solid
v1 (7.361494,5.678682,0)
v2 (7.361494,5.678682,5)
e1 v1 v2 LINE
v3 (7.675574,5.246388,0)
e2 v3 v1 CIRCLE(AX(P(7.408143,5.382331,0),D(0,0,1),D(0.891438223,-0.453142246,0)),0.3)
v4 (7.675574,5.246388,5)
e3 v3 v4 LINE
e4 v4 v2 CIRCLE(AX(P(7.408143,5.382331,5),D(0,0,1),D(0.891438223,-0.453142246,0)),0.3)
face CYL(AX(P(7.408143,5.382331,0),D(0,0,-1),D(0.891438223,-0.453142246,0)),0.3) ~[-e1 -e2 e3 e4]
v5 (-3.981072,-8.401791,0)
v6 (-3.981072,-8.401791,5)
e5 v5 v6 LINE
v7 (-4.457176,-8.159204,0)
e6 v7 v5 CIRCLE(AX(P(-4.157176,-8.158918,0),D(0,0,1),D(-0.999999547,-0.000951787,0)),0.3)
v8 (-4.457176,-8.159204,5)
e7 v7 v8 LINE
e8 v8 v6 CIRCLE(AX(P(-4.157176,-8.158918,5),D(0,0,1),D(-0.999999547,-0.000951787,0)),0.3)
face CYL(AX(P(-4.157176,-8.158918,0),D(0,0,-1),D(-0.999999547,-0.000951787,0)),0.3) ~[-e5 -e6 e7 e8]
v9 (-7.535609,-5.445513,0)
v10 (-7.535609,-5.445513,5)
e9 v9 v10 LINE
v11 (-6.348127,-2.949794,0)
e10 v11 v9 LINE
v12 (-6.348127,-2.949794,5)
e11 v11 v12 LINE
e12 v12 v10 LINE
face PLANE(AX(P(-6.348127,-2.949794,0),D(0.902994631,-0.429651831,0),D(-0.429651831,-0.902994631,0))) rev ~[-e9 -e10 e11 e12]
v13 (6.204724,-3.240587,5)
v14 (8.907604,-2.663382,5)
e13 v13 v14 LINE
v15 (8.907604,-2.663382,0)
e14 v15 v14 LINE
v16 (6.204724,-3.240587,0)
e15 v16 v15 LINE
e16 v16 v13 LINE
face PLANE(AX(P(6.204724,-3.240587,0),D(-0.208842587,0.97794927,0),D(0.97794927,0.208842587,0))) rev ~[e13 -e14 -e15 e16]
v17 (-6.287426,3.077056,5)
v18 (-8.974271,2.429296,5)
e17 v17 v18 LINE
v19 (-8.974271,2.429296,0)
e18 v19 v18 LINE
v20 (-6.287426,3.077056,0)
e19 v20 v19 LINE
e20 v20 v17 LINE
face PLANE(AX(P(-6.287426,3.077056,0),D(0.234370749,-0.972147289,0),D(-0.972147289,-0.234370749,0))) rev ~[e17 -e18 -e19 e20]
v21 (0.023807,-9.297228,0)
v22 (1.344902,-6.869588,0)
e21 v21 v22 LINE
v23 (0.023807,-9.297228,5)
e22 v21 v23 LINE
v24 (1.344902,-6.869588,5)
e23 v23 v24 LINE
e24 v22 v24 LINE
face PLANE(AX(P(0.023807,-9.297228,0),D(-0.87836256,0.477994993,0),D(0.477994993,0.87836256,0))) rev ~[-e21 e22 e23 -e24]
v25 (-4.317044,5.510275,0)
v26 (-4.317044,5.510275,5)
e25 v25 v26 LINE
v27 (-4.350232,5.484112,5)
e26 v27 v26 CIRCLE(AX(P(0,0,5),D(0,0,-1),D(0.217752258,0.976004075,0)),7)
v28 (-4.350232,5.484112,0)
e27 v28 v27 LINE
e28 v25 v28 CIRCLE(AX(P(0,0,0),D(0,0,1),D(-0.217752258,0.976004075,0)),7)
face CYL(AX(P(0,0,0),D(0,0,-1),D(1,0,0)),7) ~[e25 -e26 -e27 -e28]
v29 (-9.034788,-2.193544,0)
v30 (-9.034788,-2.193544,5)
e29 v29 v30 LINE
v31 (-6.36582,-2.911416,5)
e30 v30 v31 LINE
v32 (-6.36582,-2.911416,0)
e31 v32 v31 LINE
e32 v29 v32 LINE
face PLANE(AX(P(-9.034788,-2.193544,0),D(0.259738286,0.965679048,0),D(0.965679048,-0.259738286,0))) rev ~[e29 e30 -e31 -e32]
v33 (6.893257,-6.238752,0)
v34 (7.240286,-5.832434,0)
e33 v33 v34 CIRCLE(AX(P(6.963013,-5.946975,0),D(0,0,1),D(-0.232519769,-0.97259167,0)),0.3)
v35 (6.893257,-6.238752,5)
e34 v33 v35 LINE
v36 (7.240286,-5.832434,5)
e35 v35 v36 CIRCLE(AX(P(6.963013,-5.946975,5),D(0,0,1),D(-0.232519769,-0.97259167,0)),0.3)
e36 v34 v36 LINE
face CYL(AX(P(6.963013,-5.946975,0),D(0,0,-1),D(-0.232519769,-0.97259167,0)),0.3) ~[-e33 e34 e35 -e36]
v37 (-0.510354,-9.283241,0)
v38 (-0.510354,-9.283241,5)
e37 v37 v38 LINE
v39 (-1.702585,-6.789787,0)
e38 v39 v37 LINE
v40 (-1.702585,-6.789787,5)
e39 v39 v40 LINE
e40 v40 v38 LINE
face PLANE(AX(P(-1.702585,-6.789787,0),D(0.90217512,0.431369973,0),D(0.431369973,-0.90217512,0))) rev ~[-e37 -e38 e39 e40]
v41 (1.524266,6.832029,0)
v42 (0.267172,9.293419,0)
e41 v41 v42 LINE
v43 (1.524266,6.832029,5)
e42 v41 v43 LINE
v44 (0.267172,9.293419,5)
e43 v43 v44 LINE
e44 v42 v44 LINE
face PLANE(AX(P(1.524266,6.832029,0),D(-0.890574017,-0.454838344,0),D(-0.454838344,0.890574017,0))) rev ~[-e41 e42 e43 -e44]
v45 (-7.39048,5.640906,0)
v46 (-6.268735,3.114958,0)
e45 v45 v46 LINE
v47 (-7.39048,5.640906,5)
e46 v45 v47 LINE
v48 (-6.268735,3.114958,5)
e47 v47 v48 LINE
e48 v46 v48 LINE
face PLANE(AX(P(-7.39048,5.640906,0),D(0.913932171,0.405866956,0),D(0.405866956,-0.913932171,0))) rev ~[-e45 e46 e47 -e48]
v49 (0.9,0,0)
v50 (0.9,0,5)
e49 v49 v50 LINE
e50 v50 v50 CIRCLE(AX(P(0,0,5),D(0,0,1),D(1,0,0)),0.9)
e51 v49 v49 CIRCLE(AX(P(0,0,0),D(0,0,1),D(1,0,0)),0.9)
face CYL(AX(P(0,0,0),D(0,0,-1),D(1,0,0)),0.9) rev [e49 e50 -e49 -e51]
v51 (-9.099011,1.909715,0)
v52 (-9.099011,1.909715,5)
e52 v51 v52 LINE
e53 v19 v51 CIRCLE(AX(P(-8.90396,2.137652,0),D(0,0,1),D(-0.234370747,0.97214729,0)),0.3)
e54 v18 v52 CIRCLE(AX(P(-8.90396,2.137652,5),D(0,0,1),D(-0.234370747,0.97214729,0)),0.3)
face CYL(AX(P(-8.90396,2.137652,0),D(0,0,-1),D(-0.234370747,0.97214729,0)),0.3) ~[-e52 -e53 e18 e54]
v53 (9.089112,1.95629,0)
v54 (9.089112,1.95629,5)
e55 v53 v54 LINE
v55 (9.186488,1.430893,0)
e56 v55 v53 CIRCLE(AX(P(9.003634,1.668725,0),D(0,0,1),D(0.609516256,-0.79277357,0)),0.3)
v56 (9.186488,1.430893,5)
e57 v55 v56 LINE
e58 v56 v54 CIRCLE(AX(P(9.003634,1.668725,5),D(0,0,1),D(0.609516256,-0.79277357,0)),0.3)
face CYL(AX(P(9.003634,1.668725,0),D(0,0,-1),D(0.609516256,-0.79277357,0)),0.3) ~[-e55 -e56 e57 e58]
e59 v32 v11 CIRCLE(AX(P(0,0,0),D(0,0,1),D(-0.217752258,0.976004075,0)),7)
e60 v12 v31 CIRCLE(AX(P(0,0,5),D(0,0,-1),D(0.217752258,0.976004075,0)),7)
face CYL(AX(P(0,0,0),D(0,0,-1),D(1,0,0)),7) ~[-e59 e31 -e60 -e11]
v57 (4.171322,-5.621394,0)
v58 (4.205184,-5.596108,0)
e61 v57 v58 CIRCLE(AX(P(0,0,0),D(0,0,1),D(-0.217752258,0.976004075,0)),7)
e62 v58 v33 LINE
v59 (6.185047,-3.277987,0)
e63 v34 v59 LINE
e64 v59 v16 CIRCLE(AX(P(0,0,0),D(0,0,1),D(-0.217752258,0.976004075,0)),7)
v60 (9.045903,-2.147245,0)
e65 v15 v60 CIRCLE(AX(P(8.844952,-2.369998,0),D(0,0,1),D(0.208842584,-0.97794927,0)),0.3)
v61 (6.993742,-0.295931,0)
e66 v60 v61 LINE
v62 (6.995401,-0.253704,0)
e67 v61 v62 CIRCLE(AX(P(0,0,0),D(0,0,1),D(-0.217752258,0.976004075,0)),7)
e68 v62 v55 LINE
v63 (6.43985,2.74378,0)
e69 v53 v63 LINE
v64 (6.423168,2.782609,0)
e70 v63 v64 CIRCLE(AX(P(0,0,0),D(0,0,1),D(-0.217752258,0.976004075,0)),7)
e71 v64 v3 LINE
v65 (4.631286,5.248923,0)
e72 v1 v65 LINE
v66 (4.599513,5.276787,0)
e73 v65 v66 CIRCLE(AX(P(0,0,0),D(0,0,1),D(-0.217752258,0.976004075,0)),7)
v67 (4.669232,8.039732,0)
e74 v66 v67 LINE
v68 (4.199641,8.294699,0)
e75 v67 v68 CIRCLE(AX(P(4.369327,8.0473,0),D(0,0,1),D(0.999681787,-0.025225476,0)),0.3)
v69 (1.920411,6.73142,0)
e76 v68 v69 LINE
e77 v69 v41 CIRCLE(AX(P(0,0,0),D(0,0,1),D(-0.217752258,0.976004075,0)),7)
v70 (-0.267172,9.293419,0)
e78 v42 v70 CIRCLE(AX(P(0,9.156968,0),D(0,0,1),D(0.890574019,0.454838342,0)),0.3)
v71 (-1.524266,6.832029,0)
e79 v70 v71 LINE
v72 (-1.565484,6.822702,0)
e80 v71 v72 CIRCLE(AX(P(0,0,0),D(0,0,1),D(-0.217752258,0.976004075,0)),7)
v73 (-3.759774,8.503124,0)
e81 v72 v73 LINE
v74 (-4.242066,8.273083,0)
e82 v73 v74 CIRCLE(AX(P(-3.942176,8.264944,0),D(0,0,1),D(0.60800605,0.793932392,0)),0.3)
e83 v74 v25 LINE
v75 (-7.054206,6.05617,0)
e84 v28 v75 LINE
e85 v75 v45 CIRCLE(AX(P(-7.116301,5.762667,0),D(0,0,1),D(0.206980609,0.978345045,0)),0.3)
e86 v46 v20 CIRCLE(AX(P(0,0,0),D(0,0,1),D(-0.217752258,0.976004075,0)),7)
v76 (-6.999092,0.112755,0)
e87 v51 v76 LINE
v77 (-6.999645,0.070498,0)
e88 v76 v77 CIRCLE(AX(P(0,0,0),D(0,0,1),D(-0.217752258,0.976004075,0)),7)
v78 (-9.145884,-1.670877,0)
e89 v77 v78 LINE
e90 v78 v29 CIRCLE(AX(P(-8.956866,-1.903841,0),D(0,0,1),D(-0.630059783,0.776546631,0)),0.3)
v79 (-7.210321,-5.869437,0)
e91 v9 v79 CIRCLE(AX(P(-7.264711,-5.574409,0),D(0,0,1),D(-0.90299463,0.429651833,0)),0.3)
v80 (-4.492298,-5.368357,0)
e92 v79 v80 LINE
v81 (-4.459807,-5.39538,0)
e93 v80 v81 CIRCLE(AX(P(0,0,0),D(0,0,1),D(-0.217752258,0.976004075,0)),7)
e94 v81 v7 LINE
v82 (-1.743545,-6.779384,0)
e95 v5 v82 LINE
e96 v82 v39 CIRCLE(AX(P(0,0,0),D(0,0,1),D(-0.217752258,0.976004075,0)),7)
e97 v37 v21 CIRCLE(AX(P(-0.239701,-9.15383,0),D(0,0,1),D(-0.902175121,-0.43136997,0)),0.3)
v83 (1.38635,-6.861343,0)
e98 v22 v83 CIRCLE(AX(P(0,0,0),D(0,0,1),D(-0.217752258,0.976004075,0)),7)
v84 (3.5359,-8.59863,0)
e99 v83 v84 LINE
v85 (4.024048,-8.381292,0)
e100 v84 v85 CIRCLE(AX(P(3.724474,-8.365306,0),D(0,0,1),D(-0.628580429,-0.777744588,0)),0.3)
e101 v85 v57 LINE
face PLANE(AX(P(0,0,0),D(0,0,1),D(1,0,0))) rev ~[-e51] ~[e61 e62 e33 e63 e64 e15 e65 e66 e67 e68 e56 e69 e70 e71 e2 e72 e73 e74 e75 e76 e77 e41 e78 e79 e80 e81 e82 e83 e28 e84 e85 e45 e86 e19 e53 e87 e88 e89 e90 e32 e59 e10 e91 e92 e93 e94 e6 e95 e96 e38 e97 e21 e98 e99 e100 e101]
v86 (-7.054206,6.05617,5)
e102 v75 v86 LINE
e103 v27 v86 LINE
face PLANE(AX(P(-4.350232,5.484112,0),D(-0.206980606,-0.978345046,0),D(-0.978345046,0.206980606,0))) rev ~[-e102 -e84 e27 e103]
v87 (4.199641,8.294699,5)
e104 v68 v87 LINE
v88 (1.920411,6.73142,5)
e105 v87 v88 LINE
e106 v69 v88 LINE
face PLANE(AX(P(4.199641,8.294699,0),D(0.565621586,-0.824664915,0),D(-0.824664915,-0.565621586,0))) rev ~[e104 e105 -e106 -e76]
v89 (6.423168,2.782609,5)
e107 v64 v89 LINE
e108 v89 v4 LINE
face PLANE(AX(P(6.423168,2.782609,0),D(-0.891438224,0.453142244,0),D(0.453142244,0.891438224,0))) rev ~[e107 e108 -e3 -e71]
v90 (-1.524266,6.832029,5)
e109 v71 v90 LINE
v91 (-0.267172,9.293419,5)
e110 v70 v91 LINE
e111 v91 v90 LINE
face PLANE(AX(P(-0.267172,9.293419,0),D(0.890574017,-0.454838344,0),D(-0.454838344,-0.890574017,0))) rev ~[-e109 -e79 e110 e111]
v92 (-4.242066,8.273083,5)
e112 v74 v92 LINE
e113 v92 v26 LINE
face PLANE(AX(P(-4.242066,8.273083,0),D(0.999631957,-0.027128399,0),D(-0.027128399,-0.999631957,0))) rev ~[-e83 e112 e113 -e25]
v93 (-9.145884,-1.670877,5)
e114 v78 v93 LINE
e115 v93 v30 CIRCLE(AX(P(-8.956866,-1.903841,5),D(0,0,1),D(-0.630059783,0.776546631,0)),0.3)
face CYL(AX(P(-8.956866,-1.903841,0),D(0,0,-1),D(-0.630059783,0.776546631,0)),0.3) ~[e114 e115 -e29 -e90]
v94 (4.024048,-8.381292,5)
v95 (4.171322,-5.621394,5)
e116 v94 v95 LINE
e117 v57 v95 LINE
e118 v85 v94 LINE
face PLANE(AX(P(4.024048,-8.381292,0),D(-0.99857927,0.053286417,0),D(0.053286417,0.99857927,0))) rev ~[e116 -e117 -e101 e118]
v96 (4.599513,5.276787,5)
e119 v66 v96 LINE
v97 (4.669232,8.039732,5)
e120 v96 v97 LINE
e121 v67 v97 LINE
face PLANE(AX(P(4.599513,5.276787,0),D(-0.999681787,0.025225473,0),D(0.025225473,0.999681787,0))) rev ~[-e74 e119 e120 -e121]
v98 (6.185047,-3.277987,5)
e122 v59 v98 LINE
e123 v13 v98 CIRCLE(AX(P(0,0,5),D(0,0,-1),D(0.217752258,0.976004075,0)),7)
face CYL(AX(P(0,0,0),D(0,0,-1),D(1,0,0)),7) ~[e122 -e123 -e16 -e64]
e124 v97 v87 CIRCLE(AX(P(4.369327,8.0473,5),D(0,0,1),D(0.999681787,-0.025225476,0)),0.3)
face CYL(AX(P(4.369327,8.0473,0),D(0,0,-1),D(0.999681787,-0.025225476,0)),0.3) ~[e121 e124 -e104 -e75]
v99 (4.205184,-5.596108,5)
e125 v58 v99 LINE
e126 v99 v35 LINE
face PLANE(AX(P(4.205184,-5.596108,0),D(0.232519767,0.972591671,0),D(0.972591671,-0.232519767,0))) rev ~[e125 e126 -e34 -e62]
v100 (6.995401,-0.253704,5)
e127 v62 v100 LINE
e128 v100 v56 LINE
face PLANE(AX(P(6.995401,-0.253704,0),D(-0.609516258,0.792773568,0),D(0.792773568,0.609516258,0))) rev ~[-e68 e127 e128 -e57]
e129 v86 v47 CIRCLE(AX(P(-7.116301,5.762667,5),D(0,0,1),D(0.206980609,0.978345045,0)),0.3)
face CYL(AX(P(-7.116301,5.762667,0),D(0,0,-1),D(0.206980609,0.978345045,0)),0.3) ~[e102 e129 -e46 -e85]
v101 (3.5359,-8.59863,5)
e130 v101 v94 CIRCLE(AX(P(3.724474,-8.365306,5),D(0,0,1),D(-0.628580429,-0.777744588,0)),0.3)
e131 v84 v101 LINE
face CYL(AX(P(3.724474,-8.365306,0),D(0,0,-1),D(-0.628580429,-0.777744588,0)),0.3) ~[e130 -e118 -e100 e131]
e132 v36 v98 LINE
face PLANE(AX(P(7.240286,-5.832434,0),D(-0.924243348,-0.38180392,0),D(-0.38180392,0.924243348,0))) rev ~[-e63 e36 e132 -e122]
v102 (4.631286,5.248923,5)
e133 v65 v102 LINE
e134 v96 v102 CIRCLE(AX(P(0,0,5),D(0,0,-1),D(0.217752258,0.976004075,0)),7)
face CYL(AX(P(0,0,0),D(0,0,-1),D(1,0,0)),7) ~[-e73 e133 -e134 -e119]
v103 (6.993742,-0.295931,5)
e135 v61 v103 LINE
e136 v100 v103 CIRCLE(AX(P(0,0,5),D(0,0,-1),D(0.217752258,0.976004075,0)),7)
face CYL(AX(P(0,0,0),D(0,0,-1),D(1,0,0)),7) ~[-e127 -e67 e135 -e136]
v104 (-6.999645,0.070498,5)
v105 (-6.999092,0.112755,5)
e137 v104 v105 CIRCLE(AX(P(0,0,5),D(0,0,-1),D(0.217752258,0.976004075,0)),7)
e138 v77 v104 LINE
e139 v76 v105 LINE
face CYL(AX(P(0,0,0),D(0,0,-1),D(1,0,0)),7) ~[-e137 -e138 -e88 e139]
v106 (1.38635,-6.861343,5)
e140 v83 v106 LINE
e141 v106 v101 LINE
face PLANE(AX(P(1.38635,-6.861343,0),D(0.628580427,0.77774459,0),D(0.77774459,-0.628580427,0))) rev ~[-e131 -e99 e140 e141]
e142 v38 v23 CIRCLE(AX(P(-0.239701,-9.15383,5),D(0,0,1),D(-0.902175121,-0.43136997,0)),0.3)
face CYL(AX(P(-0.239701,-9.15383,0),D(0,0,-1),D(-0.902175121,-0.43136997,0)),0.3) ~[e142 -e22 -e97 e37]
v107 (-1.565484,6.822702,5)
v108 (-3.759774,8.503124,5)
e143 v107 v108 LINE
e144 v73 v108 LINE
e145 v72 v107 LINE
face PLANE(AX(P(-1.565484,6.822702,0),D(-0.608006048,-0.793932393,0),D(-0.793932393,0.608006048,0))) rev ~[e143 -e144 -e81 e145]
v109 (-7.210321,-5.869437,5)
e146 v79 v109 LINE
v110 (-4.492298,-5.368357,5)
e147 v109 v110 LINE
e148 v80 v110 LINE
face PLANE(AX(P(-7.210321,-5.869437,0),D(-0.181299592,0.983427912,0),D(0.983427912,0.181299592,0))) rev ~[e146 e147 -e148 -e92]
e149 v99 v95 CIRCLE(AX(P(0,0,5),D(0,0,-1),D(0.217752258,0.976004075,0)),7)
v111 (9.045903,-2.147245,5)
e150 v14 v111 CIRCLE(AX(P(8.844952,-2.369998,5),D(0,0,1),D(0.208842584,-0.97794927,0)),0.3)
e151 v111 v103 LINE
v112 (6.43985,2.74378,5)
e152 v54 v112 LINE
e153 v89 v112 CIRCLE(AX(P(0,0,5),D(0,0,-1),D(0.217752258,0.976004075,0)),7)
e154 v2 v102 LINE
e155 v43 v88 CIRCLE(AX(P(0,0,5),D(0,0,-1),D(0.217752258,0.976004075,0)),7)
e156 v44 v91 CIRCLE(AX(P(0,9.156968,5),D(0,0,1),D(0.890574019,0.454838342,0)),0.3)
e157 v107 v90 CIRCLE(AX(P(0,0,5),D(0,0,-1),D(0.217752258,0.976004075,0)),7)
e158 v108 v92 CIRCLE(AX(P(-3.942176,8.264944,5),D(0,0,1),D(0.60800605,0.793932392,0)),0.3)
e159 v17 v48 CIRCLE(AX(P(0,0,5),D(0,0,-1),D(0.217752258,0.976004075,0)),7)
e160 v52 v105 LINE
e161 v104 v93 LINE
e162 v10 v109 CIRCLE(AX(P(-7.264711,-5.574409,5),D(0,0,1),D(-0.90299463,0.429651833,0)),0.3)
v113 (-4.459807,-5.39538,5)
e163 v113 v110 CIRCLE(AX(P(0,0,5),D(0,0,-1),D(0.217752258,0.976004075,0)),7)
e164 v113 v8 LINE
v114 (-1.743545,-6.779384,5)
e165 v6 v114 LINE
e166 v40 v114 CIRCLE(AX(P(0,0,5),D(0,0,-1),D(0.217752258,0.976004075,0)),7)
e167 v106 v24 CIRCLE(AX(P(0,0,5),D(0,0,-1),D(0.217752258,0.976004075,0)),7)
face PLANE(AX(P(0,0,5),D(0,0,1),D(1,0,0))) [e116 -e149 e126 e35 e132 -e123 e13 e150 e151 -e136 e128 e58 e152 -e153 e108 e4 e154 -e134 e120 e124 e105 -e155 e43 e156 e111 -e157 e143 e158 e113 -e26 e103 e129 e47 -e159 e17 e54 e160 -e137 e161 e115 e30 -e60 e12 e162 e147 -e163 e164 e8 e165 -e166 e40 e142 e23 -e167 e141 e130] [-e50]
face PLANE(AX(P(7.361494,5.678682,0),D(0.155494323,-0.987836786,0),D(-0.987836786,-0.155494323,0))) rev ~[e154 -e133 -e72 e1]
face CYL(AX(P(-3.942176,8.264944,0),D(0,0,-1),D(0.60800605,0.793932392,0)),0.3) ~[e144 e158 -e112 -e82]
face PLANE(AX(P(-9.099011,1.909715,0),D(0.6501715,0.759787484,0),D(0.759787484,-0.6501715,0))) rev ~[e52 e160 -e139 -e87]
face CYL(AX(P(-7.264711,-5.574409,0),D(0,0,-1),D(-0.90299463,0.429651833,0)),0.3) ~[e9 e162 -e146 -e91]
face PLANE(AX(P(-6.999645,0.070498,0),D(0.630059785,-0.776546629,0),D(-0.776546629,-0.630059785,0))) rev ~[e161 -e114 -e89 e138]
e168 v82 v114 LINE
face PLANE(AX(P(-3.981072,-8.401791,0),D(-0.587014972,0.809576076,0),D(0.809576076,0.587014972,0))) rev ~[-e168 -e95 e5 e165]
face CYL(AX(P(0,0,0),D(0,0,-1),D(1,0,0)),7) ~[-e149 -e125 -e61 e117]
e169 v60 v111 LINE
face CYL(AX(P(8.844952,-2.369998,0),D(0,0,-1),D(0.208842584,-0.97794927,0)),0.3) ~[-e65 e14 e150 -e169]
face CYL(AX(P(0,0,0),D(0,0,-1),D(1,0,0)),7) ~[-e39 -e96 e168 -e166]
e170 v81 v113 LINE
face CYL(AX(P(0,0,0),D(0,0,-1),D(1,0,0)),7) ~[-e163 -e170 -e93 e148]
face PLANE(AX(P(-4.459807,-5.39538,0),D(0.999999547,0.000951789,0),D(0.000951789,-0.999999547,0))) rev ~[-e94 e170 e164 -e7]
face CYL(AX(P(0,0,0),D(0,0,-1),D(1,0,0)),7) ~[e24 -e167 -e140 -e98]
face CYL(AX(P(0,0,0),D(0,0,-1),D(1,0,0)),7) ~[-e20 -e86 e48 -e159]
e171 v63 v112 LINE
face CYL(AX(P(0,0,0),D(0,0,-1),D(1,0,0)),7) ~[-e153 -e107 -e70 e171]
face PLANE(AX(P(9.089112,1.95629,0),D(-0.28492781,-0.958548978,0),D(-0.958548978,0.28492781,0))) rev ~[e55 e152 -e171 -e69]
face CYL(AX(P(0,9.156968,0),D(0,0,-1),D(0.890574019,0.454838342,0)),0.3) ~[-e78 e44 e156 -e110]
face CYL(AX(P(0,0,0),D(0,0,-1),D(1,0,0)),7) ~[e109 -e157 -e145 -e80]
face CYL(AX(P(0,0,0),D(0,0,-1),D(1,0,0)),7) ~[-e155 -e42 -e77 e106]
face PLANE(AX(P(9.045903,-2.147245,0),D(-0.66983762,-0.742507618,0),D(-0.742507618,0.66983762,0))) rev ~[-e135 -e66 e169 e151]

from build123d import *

# Parameters (mm, degrees)
SKETCH1_R           = 7
SKETCH1_R_2         = 0.9
BOSS_EXTRUDE1_DEPTH = 5
BOSS_EXTRUDE2_START = -5
BOSS_EXTRUDE2_DEPTH = 5
CIRPATTERN1_COUNT   = 14
CIRPATTERN1_ANGLE   = 331.5


with BuildPart() as part:
    # Sketch1 → Boss-Extrude1 (new body)
    with BuildSketch(Plane.XY):
        Circle(SKETCH1_R)
        Circle(SKETCH1_R_2, mode=Mode.SUBTRACT)
    extrude(amount=BOSS_EXTRUDE1_DEPTH)

    # Sketch2 → Boss-Extrude2 (add)
    with BuildSketch(Plane.XY.offset(5).offset(BOSS_EXTRUDE2_START)):
        with BuildLine():
            ThreePointArc((0.267172205, 9.293419284), (0, 9.456967781), (-0.267172205, 9.293419284))
            Line((-0.267172205, 9.293419284), (-1.524265806, 6.832028524))
            ThreePointArc((-1.524265806, 6.832028524), (0, 7), (1.524265806, 6.832028524))
            Line((1.524265806, 6.832028524), (0.267172205, 9.293419284))
        make_face()
    boss_extrude2 = extrude(amount=BOSS_EXTRUDE2_DEPTH)

    # CirPattern1: Boss-Extrude2 ×14 about axis
    cirpattern1_axis = Axis((0, 0, 0), (0, 0, 1))
    for i in range(1, CIRPATTERN1_COUNT):
        add(boss_extrude2.rotate(cirpattern1_axis, i * CIRPATTERN1_ANGLE / (CIRPATTERN1_COUNT - 1)))


solid = part.part
